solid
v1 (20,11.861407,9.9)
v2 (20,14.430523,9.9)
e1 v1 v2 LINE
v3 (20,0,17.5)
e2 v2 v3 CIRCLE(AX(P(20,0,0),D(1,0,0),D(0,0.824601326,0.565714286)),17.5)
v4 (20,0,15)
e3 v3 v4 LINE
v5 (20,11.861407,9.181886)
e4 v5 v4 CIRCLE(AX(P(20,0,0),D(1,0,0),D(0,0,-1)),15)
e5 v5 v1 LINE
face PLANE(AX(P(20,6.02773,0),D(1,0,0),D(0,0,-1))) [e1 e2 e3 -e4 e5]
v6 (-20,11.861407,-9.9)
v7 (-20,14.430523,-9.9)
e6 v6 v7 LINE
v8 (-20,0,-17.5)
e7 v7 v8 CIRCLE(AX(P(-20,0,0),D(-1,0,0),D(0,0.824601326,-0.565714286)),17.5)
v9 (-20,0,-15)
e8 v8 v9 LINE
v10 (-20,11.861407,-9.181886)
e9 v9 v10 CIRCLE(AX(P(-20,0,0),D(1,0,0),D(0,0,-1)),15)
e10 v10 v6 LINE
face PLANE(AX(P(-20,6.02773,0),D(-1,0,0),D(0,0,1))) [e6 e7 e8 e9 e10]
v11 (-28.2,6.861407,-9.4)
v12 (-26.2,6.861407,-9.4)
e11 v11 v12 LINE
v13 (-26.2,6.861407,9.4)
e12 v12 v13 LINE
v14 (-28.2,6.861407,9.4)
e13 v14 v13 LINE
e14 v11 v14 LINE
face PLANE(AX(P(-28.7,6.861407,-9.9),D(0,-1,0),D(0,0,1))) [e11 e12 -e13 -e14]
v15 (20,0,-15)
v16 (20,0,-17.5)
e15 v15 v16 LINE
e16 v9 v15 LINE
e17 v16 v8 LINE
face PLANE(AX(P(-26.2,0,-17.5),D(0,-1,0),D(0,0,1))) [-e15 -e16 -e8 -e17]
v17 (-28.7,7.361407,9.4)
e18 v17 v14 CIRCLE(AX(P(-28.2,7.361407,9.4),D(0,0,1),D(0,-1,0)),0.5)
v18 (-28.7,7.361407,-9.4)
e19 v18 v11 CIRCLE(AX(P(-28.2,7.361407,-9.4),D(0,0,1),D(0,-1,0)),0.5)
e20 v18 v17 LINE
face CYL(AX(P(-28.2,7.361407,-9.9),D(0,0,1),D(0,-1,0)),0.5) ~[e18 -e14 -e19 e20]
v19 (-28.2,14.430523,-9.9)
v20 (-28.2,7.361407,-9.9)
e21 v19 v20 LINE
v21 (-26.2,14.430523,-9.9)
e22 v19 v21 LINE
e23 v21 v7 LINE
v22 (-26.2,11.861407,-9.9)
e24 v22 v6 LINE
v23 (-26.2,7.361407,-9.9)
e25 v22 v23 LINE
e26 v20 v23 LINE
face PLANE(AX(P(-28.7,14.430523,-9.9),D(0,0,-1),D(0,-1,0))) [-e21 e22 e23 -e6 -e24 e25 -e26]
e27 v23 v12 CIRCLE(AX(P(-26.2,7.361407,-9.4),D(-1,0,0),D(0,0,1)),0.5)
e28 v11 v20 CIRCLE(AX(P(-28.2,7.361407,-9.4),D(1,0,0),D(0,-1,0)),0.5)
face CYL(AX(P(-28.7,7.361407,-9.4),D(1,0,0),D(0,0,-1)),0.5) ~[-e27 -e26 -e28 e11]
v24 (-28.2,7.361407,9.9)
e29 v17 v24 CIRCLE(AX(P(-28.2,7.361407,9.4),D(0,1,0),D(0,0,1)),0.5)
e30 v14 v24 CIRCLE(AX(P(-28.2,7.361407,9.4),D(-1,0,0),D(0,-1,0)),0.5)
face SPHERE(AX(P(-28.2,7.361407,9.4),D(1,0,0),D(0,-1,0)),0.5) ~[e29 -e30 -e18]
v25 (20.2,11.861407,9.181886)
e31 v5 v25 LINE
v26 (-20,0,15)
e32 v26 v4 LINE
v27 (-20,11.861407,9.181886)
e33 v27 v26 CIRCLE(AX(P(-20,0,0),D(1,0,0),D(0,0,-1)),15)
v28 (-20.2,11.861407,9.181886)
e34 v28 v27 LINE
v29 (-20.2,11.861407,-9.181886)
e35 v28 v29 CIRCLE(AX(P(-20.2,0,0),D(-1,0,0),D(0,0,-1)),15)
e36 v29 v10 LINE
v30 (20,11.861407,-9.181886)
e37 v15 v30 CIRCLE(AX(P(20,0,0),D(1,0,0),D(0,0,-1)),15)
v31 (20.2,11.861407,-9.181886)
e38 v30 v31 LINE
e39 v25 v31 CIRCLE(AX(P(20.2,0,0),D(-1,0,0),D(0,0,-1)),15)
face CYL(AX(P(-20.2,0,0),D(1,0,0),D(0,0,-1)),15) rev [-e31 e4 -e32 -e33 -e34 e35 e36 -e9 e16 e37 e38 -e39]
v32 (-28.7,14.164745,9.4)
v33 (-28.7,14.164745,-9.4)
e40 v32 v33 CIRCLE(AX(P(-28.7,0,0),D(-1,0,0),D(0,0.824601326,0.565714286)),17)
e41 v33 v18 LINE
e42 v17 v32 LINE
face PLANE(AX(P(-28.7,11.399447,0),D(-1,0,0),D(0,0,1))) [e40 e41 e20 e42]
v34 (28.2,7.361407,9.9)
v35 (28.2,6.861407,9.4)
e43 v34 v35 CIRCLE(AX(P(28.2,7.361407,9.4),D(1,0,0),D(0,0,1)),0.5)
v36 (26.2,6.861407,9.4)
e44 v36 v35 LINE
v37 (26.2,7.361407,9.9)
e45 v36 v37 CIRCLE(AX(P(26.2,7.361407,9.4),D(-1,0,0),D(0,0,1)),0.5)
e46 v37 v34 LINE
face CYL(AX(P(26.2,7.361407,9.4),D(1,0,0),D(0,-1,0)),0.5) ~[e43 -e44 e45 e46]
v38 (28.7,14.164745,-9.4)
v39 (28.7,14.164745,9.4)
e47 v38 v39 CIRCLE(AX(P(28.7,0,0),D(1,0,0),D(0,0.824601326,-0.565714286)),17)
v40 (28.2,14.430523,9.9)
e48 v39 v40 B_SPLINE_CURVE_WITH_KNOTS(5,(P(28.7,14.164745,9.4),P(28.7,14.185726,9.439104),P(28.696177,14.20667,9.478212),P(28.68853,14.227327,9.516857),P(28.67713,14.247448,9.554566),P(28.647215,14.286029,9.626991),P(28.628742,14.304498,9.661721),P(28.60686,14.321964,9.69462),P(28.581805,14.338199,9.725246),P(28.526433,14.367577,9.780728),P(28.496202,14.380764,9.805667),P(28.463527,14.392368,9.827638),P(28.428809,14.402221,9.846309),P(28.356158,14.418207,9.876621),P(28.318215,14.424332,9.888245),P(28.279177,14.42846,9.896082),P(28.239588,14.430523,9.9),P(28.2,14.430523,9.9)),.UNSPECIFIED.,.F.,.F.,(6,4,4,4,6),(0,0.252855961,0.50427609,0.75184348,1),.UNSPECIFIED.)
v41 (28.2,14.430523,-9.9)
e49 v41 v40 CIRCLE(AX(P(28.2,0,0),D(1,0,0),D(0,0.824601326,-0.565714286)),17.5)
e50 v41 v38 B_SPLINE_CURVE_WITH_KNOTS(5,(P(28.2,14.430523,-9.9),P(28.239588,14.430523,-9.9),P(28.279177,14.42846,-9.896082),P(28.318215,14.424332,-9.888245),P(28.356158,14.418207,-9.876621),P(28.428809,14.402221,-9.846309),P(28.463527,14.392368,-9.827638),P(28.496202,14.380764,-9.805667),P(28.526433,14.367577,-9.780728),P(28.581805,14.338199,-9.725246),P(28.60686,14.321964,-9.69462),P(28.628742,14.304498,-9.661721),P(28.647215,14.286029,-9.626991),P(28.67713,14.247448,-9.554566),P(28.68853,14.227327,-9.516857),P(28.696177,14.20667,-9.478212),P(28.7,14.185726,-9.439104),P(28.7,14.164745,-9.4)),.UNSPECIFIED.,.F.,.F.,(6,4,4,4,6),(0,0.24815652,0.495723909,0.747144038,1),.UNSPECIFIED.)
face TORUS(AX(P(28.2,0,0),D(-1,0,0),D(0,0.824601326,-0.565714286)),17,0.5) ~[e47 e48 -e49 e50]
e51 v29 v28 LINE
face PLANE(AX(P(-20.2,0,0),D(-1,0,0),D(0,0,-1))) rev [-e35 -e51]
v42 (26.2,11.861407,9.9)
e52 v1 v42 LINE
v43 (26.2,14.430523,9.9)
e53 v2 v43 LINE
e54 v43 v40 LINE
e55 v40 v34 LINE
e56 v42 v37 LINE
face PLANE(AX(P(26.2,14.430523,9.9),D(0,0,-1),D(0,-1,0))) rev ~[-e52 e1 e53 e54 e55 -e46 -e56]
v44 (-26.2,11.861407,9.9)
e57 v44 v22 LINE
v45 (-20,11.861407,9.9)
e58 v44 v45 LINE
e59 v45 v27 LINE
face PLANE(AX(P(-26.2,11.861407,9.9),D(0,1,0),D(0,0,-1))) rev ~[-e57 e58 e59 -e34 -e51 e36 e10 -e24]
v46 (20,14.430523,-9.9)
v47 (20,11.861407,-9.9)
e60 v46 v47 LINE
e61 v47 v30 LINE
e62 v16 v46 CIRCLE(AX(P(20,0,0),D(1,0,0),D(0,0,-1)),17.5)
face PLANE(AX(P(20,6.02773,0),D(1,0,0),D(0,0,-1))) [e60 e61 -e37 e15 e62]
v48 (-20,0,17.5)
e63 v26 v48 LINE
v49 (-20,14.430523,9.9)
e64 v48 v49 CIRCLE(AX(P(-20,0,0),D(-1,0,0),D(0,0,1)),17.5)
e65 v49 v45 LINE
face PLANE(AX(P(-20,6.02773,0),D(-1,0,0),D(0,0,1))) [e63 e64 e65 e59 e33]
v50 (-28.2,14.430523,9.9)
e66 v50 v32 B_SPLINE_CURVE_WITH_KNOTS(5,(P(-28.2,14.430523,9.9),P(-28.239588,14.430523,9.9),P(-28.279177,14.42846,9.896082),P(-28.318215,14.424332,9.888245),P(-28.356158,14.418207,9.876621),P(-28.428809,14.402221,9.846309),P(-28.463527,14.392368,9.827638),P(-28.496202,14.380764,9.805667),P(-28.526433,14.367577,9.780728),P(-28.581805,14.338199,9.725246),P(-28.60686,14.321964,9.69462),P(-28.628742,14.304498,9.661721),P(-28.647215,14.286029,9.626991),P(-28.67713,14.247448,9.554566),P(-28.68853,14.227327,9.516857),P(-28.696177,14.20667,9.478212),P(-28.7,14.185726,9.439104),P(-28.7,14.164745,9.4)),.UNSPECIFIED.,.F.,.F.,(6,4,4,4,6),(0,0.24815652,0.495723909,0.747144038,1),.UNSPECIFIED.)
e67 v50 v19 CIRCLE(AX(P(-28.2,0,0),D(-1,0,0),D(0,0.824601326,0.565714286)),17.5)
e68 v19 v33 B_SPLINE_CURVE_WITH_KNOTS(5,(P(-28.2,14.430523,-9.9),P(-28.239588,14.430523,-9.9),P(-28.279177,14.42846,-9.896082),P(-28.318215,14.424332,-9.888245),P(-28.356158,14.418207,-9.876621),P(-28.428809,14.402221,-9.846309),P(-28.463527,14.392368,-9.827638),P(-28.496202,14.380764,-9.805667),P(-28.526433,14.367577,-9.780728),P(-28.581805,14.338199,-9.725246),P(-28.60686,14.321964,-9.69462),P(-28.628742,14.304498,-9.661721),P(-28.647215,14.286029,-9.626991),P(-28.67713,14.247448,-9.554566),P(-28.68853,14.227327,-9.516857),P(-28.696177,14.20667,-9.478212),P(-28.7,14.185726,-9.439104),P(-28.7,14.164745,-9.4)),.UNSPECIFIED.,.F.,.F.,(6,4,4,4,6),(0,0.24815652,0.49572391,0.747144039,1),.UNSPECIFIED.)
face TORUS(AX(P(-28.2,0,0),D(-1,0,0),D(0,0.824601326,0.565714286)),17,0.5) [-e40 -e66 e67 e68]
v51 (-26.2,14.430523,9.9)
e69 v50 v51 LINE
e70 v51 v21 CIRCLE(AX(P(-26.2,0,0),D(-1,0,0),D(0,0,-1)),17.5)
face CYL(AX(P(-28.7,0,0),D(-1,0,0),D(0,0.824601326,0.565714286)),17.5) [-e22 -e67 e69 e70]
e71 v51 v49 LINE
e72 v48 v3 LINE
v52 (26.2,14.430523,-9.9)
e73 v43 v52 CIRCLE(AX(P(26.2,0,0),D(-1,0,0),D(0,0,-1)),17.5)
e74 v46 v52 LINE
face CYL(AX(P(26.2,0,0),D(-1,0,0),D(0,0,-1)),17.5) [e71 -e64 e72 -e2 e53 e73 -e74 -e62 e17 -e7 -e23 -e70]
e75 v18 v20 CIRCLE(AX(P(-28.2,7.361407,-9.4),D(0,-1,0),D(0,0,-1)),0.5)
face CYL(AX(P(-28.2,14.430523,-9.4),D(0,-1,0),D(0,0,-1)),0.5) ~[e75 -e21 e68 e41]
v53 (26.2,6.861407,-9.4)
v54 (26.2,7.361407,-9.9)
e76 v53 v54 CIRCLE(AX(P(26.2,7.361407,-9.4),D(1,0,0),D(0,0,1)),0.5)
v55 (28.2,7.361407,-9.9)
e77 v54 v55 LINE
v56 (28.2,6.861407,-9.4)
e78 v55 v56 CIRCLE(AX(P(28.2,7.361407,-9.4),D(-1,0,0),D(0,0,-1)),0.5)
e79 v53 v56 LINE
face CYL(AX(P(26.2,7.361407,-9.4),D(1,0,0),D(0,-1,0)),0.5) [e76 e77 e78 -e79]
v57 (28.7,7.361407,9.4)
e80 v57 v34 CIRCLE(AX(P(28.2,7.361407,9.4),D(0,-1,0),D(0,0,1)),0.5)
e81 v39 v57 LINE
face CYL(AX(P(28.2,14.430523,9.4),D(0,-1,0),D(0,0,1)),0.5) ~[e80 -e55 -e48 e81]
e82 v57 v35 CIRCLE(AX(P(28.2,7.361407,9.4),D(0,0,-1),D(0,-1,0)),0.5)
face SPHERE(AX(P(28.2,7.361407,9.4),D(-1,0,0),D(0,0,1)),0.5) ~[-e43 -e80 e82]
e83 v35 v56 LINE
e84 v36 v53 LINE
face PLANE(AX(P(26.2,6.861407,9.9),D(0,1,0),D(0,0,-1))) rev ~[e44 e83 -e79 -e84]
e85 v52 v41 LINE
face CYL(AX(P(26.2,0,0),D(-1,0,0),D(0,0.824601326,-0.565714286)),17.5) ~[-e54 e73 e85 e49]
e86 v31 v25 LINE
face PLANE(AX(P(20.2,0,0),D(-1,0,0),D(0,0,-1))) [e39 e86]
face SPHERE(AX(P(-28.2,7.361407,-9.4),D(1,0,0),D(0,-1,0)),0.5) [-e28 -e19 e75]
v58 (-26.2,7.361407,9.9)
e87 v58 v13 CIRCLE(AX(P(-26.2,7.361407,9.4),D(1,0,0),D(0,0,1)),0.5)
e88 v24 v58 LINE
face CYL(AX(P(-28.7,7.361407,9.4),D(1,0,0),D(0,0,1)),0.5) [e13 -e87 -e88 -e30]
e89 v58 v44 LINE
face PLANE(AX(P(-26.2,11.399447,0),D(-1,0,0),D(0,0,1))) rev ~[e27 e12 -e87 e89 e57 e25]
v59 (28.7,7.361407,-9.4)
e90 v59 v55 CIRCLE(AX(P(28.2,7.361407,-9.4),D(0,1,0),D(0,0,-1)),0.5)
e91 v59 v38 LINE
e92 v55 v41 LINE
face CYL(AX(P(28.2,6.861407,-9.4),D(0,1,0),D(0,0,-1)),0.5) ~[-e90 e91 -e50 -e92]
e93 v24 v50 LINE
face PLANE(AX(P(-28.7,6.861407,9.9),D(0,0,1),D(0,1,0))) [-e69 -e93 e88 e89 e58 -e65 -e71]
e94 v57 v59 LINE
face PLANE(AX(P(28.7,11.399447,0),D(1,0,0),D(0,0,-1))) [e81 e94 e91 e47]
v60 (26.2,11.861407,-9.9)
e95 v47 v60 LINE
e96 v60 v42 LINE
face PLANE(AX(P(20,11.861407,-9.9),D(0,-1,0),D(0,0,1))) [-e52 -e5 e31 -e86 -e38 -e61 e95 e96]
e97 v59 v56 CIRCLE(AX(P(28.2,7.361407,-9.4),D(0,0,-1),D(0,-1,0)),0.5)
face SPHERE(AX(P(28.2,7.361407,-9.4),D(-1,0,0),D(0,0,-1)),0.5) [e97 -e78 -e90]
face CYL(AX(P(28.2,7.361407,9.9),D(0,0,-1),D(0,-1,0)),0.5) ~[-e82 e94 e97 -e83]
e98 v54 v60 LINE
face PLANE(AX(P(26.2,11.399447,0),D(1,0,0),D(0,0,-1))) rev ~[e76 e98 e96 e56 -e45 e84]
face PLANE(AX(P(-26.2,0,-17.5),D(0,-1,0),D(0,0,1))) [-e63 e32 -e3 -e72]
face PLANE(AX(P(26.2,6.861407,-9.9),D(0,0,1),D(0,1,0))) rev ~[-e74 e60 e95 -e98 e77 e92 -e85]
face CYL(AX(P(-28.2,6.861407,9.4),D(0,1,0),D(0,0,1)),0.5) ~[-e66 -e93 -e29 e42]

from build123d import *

# Parameters (mm, degrees)
LOWER_HALF_CUT_DEPTH   = 58.950496115
SIDE_SHELL_CUT_1_DEPTH = 6.2
SIDE_START             = -6.2
SIDE_SHELL_CUT_2_DEPTH = 6.2
BOSS_EXTRUDE3_START    = 2.5
BOSS_EXTRUDE3_DEPTH    = 2.5
BOSS_EXTRUDE4_DEPTH    = 2.5
FILLET2_R              = 0.5


with BuildPart() as part:
    # Sketch1 → Revolve1 (revolve)
    with BuildSketch(Plane.XY, mode=Mode.PRIVATE) as revolve1_sk:
        Polygon((20.2, 0), (26.2, 0), (26.2, 17.5), (-26.2, 17.5), (-26.2, 0), (-20.2, 0), (-20.2, 15), (20.2, 15), align=None)
    revolve(revolve1_sk.sketch.rotate(Axis((0, 0, 0), (-1, 0, 0)), 90), axis=Axis((0, 0, 0), (-1, 0, 0)))

    # Sketch2 → lower half cut (cut, through all)
    with BuildSketch(Plane.ZY.offset(26.2)):
        with BuildLine():
            Line((-17.5, 0), (17.5, 0))
            ThreePointArc((17.5, 0), (0, -17.5), (-17.5, 0))
        make_face()
    extrude(amount=-LOWER_HALF_CUT_DEPTH, mode=Mode.SUBTRACT)

    # Sketch3 → side shell cut 1 (cut)
    with BuildSketch(Plane.ZY.offset(26.2)):
        with BuildLine():
            Line((-17.5, 0), (17.5, 0))
            ThreePointArc((17.5, 0), (15.483862567, 8.154753215), (9.9, 14.430523206))
            Line((9.9, 14.430523206), (9.9, 11.861406616))
            Line((9.9, 11.861406616), (-9.9, 11.861406616))
            Line((-9.9, 11.861406616), (-9.9, 14.430523206))
            ThreePointArc((-9.9, 14.430523206), (-15.483862567, 8.154753215), (-17.5, 0))
        make_face()
    extrude(amount=-SIDE_SHELL_CUT_1_DEPTH, mode=Mode.SUBTRACT)

    # Sketch4 → side shell cut 2 (cut)
    with BuildSketch(Plane(origin=(26.2, 0, 0), x_dir=(0, 0, -1), z_dir=(1, 0, 0)).offset(SIDE_START)):
        with BuildLine():
            Line((-17.5, 0), (17.5, 0))
            ThreePointArc((17.5, 0), (15.483862567, 8.154753215), (9.9, 14.430523206))
            Line((9.9, 14.430523206), (9.9, 11.861406616))
            Line((9.9, 11.861406616), (-9.9, 11.861406616))
            Line((-9.9, 11.861406616), (-9.9, 14.430523206))
            ThreePointArc((-9.9, 14.430523206), (-15.483862567, 8.154753215), (-17.5, 0))
        make_face()
    extrude(amount=SIDE_SHELL_CUT_2_DEPTH, mode=Mode.SUBTRACT)

    # Sketch5 → Boss-Extrude3 (add)
    with BuildSketch(Plane.ZY.offset(26.2).offset(BOSS_EXTRUDE3_START)):
        with BuildLine():
            Line((-9.9, 14.430523206), (-9.9, 11.861406616))
            Line((-9.9, 11.861406616), (-9.9, 6.861406616))
            Line((-9.9, 6.861406616), (9.9, 6.861406616))
            Line((9.9, 6.861406616), (9.9, 11.861406616))
            Line((9.9, 11.861406616), (9.9, 14.430523206))
            ThreePointArc((9.9, 14.430523206), (0, 17.5), (-9.9, 14.430523206))
        make_face()
    extrude(amount=-BOSS_EXTRUDE3_DEPTH)

    # Sketch7 → Boss-Extrude4 (add)
    with BuildSketch(Plane(origin=(26.2, 0, 0), x_dir=(0, 0, -1), z_dir=(1, 0, 0))):
        with BuildLine():
            Line((-9.9, 6.861406616), (9.9, 6.861406616))
            Line((9.9, 6.861406616), (9.9, 14.430523206))
            ThreePointArc((9.9, 14.430523206), (0, 17.5), (-9.9, 14.430523206))
            Line((-9.9, 14.430523206), (-9.9, 6.861406616))
        make_face()
    extrude(amount=BOSS_EXTRUDE4_DEPTH)

    # Fillet2
    fillet2_edges = [part.edges().sort_by_distance(p)[0] for p in [
        (27.45, 6.861406616, -9.9),
        (27.45, 6.861406616, 9.9),
        (28.7, 10.645964911, -9.9),
        (28.7, 17.5, 0),
        (28.7, 10.645964911, 9.9),
        (28.7, 6.861406616, 0),
        (-27.45, 6.861406616, -9.9),
        (-27.45, 6.861406616, 9.9),
        (-28.7, 6.861406616, 0),
        (-28.7, 10.645964911, 9.9),
        (-28.7, 17.5, 0),
        (-28.7, 10.645964911, -9.9),
    ]]
    fillet(fillet2_edges, radius=FILLET2_R)


solid = part.part
